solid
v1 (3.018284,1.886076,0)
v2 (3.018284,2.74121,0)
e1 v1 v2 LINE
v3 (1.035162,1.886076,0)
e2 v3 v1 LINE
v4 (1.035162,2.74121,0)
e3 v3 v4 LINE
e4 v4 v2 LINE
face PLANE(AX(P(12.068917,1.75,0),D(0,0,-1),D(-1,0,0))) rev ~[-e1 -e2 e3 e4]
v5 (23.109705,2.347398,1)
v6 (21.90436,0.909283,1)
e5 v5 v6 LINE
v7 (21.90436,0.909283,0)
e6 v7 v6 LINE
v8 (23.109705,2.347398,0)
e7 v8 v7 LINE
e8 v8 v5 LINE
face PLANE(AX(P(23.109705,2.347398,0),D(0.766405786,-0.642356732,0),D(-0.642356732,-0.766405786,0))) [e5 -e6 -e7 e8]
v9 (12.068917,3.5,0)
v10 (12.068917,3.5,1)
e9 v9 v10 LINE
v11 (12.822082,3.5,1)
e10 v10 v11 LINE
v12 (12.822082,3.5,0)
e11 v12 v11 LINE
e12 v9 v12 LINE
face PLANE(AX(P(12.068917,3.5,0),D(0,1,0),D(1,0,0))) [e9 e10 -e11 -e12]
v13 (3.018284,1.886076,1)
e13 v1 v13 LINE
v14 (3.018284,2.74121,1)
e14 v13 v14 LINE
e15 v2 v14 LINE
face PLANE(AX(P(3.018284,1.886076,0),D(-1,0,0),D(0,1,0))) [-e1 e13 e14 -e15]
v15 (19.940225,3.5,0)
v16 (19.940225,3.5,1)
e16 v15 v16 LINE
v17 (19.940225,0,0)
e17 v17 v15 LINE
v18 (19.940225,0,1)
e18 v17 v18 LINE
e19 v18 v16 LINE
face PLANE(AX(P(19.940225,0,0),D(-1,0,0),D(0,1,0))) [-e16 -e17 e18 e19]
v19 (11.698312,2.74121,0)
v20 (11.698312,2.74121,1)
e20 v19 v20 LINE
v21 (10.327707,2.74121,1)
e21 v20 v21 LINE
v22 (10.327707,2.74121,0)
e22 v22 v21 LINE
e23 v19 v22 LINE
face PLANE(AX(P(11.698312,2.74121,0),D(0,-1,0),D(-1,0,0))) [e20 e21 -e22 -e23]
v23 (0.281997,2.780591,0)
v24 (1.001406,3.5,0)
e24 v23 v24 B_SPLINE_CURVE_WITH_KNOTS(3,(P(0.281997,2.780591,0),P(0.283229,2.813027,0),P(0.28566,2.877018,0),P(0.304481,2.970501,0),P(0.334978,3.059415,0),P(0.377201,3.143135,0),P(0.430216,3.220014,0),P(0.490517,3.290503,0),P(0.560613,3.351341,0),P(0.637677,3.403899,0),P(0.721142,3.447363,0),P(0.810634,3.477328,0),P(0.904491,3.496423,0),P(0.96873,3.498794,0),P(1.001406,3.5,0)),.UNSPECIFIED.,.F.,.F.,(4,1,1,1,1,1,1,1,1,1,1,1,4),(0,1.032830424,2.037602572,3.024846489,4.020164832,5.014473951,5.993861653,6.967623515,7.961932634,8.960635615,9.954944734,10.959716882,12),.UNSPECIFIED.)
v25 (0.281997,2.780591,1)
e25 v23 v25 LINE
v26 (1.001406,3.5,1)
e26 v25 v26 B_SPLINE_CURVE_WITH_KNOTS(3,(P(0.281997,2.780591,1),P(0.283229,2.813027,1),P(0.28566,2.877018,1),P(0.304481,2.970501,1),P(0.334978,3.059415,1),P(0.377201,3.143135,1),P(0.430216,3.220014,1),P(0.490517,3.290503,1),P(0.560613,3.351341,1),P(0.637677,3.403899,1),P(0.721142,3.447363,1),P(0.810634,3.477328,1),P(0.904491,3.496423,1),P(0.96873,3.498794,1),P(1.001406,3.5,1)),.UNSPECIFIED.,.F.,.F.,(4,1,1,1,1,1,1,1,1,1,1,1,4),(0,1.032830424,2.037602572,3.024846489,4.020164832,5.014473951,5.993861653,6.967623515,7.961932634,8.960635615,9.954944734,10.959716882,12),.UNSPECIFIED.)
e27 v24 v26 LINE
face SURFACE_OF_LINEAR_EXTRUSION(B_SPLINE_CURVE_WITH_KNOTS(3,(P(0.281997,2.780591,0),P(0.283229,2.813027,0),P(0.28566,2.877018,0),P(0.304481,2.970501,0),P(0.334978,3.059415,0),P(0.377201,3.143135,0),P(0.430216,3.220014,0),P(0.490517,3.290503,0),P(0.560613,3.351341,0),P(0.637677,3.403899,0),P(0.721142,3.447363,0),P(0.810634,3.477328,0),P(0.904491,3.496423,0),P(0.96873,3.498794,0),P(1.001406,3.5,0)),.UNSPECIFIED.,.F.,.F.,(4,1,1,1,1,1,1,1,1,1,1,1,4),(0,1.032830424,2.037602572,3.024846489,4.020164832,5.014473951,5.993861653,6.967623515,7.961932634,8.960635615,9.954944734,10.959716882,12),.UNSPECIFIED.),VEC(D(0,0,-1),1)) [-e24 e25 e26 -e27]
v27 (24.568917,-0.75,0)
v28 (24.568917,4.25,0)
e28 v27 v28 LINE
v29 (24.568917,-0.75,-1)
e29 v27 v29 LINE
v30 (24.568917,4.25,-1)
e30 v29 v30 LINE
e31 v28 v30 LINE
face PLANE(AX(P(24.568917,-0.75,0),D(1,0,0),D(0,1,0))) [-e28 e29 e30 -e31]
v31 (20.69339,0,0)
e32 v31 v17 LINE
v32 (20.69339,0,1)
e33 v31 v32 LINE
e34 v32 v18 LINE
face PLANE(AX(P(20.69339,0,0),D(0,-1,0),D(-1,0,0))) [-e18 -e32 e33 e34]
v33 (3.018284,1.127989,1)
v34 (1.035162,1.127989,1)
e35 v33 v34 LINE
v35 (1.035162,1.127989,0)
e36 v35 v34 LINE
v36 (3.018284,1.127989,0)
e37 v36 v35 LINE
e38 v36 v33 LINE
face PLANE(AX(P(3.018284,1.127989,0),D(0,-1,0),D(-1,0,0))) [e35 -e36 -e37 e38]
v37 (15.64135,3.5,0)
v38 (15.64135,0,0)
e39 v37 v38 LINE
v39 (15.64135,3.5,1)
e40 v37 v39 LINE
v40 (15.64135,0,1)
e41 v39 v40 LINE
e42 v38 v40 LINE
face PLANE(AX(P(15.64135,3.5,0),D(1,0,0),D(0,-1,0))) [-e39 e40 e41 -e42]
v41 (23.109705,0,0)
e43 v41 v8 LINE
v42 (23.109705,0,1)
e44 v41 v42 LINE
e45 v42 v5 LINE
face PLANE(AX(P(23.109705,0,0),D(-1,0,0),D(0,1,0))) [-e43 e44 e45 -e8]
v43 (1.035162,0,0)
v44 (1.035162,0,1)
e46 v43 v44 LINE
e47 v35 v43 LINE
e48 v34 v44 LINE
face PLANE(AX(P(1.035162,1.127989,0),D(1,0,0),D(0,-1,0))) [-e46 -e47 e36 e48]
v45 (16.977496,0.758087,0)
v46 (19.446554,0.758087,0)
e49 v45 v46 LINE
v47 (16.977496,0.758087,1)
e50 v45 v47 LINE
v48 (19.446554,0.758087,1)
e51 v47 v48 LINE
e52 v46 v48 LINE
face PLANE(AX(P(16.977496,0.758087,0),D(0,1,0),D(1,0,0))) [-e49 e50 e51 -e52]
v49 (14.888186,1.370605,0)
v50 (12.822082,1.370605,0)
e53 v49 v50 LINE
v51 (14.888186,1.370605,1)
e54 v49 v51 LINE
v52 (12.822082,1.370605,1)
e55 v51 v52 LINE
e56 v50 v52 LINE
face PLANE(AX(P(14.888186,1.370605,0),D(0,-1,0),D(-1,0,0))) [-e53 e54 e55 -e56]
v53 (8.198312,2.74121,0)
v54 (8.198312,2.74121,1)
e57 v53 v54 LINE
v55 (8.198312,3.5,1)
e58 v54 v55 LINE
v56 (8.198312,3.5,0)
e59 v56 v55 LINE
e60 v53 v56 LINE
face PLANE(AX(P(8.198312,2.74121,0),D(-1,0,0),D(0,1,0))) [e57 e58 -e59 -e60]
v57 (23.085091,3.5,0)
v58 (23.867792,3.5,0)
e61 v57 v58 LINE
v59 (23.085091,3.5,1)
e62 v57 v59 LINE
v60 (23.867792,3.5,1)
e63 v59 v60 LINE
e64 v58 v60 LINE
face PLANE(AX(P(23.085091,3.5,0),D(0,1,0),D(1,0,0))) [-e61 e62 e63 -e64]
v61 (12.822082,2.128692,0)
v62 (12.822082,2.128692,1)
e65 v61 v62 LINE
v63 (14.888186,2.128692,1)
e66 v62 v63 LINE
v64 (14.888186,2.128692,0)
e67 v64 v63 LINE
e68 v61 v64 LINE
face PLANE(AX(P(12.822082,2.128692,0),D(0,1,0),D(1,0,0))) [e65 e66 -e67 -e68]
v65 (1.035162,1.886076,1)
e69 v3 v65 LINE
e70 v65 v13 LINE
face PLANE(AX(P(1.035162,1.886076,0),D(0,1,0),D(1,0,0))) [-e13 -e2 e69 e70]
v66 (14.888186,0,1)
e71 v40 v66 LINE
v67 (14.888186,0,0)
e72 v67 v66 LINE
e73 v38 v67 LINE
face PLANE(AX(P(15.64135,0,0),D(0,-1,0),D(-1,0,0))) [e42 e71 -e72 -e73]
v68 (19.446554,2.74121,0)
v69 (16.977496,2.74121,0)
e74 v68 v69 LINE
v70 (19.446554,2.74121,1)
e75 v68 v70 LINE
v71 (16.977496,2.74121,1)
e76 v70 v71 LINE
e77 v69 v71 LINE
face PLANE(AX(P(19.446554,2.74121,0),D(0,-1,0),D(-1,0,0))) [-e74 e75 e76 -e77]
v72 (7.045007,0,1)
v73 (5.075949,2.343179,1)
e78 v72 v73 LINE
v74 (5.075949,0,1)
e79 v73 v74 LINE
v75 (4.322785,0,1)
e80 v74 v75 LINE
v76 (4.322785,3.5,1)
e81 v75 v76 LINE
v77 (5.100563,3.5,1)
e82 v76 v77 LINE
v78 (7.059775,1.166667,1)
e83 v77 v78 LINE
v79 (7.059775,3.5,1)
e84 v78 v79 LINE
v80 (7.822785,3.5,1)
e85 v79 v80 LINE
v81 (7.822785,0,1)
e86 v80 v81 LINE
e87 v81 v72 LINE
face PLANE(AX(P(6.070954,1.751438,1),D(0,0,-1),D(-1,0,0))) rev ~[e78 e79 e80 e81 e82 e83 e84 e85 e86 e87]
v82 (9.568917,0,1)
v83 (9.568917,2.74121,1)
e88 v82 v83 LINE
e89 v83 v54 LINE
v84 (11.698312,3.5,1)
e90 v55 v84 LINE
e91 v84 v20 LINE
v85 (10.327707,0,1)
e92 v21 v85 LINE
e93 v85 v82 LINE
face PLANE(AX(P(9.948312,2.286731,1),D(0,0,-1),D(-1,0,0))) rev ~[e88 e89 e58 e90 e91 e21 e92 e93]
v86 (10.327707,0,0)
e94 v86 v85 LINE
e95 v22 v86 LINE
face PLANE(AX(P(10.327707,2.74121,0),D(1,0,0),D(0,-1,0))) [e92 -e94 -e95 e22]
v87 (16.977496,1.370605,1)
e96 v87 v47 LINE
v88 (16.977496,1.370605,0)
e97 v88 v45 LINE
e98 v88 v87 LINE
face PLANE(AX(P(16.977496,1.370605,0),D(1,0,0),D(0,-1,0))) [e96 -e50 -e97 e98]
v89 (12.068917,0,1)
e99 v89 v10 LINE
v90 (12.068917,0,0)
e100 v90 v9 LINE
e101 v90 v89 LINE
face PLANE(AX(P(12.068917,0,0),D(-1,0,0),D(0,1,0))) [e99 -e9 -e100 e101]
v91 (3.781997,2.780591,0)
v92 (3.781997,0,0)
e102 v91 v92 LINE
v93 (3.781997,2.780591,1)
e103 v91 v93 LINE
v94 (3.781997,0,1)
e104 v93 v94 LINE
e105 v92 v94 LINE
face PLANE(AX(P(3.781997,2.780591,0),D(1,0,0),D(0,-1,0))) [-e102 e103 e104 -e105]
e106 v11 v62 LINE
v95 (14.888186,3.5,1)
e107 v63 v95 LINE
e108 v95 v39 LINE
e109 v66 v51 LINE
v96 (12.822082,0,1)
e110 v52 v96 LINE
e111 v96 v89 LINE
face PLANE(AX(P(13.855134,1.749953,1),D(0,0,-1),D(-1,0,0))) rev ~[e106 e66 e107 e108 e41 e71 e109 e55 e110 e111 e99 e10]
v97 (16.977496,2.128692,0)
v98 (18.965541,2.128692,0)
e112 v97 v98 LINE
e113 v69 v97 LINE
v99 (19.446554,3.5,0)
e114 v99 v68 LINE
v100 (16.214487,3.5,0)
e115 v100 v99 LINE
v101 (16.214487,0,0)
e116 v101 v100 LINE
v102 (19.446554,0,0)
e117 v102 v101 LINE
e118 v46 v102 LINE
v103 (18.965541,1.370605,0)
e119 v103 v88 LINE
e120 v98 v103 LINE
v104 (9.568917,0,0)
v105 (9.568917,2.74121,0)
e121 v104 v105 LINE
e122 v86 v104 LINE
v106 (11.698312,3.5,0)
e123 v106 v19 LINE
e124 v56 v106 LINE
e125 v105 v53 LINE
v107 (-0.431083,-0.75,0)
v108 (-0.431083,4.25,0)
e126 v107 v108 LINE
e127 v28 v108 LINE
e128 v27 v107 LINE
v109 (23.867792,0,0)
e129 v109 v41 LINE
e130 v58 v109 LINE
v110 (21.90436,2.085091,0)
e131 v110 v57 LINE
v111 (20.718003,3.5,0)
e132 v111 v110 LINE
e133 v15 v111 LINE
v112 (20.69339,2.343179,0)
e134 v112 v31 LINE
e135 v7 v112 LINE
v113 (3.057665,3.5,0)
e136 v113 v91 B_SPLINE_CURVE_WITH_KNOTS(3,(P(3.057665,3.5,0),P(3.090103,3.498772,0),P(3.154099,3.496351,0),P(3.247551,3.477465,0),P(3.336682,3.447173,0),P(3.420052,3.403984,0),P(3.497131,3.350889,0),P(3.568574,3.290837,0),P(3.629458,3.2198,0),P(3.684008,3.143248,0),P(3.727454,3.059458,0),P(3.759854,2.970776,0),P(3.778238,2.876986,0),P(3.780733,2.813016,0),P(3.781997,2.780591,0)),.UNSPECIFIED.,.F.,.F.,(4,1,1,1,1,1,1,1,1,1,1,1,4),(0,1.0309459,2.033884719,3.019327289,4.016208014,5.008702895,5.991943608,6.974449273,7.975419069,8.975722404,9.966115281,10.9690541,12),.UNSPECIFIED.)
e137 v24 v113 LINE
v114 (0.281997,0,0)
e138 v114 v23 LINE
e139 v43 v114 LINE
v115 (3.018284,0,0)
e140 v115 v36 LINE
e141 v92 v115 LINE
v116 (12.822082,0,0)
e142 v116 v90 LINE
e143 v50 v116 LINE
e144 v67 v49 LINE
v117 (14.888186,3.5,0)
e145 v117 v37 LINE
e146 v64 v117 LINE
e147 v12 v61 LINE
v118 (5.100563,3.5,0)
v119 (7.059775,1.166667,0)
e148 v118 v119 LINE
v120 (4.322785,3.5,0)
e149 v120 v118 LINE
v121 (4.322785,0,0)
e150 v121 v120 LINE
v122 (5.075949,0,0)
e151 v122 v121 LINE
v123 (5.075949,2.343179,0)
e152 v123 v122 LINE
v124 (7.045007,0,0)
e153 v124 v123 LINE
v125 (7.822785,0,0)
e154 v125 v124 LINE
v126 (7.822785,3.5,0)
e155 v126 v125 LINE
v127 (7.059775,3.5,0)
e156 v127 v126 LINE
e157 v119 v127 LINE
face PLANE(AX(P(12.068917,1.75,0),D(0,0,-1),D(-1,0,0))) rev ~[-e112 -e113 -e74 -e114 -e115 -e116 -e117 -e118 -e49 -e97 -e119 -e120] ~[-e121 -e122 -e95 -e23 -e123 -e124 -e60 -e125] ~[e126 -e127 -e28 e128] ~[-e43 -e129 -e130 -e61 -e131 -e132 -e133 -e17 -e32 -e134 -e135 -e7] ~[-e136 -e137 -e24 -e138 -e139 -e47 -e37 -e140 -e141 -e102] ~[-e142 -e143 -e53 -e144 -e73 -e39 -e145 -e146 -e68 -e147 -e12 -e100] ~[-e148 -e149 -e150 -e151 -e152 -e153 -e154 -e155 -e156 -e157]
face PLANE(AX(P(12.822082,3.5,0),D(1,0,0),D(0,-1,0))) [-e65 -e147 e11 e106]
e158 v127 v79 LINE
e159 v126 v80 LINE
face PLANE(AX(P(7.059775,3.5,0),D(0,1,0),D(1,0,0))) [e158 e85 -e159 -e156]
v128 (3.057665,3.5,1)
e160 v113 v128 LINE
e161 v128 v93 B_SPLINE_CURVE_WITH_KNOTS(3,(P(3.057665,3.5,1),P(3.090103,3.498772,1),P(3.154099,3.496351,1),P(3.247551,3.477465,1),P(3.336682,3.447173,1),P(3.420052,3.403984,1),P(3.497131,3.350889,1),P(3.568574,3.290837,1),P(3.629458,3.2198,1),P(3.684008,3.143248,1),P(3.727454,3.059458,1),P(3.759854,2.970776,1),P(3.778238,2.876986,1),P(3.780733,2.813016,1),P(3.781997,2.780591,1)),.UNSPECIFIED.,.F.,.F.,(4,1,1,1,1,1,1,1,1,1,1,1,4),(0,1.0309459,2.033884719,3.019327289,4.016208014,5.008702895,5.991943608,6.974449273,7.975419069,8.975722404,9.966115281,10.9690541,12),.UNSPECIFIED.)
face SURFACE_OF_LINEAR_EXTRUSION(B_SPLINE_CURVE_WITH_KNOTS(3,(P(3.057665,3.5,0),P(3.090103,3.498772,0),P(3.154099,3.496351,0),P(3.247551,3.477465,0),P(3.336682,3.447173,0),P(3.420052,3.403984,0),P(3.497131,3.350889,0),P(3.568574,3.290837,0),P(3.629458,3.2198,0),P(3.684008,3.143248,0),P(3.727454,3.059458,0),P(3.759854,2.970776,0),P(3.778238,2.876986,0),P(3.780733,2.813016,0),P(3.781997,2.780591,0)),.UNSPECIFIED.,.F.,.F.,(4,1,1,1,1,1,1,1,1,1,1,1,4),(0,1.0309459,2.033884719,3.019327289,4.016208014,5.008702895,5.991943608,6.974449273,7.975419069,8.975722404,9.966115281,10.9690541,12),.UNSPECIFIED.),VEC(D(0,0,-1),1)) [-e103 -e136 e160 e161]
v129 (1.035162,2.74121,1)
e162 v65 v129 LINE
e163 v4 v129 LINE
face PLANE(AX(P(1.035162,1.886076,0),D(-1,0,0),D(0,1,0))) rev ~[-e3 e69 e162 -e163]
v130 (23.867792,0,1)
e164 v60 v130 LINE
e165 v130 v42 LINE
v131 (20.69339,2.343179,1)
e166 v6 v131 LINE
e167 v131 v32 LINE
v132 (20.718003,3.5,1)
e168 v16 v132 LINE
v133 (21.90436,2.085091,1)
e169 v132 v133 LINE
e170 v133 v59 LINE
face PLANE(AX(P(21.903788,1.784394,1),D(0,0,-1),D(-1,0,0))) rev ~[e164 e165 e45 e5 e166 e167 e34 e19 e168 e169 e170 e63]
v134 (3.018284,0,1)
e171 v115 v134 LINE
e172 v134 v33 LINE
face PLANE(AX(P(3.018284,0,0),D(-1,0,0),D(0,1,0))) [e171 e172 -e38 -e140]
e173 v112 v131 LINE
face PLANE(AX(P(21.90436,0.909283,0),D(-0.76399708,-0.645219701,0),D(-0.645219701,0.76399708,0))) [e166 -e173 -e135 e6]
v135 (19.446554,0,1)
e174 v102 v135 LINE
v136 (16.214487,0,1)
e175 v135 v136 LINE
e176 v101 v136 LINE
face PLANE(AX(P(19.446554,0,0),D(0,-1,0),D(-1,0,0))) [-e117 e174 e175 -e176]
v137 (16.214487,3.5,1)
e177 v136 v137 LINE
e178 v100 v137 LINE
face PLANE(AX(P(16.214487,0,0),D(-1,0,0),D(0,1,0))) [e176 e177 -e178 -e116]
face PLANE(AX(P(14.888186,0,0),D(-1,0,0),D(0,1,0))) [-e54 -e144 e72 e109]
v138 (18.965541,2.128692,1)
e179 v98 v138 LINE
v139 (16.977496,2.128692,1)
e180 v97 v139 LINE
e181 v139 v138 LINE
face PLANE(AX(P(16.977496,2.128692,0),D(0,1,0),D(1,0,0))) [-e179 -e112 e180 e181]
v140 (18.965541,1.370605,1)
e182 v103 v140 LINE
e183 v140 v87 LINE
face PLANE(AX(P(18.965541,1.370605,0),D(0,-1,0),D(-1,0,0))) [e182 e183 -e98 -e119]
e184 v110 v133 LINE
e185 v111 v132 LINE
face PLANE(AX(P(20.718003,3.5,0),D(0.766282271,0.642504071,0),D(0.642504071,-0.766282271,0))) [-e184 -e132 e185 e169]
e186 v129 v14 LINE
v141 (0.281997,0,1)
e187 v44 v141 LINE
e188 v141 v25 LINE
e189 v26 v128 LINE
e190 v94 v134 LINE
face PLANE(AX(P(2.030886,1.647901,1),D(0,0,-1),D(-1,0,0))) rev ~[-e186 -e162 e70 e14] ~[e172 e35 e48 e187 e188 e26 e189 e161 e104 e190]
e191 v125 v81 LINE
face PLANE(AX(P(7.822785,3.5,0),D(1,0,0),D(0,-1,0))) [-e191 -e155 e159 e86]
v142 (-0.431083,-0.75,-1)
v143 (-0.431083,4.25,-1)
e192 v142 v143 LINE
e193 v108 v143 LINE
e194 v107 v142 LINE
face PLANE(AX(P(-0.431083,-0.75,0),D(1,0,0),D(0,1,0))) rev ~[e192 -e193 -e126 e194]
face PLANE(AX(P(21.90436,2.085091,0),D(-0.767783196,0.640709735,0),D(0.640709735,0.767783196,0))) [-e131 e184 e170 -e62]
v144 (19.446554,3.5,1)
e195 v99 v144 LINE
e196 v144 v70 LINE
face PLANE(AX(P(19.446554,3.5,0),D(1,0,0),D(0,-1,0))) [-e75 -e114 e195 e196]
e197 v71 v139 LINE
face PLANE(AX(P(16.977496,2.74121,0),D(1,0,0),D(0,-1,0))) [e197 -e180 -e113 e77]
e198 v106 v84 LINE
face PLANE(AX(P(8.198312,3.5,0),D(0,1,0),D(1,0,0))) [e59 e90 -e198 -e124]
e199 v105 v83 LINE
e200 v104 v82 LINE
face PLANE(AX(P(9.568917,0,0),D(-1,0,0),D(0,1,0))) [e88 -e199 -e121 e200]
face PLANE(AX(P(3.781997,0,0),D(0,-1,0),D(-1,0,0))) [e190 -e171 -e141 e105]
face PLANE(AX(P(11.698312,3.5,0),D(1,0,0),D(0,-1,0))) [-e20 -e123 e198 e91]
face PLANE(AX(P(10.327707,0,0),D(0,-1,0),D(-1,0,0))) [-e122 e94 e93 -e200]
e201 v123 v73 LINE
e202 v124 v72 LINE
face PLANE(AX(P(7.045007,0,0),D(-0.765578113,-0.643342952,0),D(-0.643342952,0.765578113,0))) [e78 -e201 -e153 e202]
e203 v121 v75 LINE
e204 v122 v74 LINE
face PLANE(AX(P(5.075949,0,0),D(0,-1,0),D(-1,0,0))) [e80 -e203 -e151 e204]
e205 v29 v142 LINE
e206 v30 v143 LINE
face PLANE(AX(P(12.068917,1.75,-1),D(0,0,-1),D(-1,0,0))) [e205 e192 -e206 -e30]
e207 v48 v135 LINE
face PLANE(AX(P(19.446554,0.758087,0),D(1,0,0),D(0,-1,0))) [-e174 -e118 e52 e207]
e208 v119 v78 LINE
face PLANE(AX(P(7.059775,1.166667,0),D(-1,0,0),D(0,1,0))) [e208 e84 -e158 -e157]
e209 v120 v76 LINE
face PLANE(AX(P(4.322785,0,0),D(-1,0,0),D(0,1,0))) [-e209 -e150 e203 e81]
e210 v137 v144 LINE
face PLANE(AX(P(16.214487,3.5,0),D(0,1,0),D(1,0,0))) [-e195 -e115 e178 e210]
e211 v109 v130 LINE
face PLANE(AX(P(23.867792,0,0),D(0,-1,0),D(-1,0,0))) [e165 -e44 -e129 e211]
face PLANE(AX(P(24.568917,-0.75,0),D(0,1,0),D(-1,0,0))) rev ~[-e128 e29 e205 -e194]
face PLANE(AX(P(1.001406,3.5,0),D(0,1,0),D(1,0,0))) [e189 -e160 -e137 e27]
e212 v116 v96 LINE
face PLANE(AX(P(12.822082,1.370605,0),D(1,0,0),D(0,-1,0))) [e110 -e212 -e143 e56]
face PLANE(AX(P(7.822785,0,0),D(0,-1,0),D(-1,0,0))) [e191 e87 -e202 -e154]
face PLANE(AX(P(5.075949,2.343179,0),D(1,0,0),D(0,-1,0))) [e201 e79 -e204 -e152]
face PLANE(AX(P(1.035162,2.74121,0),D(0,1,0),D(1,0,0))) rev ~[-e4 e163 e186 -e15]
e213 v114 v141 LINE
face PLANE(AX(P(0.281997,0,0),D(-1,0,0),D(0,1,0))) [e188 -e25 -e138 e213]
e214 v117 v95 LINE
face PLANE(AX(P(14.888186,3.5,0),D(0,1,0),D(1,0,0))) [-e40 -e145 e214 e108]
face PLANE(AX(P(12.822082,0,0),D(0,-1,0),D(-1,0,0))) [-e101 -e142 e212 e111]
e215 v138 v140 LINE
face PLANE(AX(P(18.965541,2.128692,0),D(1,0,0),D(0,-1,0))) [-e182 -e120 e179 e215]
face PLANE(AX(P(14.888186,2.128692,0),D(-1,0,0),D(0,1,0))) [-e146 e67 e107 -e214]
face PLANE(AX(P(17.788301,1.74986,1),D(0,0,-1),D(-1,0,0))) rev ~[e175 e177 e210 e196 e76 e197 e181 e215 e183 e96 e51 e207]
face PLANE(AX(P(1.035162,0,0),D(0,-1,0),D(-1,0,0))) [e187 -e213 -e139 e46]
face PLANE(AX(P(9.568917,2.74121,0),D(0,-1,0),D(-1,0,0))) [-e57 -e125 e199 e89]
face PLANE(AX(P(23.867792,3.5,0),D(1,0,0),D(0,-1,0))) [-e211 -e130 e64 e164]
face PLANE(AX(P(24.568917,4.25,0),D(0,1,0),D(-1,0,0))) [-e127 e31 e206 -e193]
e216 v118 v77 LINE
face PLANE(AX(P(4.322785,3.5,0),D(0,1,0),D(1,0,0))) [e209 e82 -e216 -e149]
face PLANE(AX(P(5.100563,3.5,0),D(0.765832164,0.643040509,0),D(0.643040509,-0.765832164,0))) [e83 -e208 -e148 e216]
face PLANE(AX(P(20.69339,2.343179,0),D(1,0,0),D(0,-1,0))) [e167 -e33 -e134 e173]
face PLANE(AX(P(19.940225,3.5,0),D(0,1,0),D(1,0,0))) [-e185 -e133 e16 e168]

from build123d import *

# Parameters (mm, degrees)
SKETCH1_W             = 1.983122363
SKETCH1_H             = 0.855133615
BOSS_EXTRUDE1_DEPTH   = 1
BOSS_EXTRUDE1_2_DEPTH = 1
BOSS_EXTRUDE1_3_DEPTH = 1
BOSS_EXTRUDE1_4_DEPTH = 1
BOSS_EXTRUDE1_5_DEPTH = 1
BOSS_EXTRUDE1_6_DEPTH = 1
SKETCH2_W             = 25
SKETCH2_H             = 5
BOSS_EXTRUDE2_DEPTH   = 1


with BuildPart() as part:
    # Sketch1 → Boss-Extrude1 (new body)
    with BuildSketch(Plane.XY):
        with BuildLine():
            Line((0.281997187, 0), (0.281997187, 2.780590717))
            add(Edge.make_bspline(
                [(0.281997187, 2.780590717), (0.283229244, 2.813026758), (0.285659888, 2.87701767), (0.304480904, 2.970500865), (0.334977853, 3.059415163), (0.377200617, 3.143135369), (0.43021619, 3.220013944), (0.490517367, 3.290502947), (0.560613021, 3.351341498), (0.637677118, 3.403898535), (0.721142214, 3.447362774), (0.810633683, 3.477327555), (0.904491397, 3.4964233), (0.968729628, 3.498794045), (1.00140647, 3.5)],
                knots=[0, 0, 0, 0, 1.032830424, 2.037602572, 3.024846489, 4.020164832, 5.014473951, 5.993861653, 6.967623515, 7.961932634, 8.960635615, 9.954944734, 10.959716882, 12, 12, 12, 12], degree=3))
            Line((1.00140647, 3.5), (3.05766526, 3.5))
            add(Edge.make_bspline(
                [(3.05766526, 3.5), (3.090103466, 3.498772386), (3.154098648, 3.496350507), (3.247550665, 3.477465492), (3.336681955, 3.447172624), (3.420051858, 3.403984292), (3.497130942, 3.350888644), (3.568573893, 3.290836996), (3.629457878, 3.219800158), (3.684008122, 3.143247784), (3.727453764, 3.059458406), (3.75985444, 2.970775725), (3.778237993, 2.876986116), (3.780732672, 2.813016144), (3.781997187, 2.780590717)],
                knots=[0, 0, 0, 0, 1.0309459, 2.033884719, 3.019327289, 4.016208014, 5.008702895, 5.991943608, 6.974449273, 7.975419069, 8.975722404, 9.966115281, 10.9690541, 12, 12, 12, 12], degree=3))
            Line((3.781997187, 2.780590717), (3.781997187, 0))
            Line((3.781997187, 0), (3.018284107, 0))
            Line((3.018284107, 0), (3.018284107, 1.127988748))
            Line((3.018284107, 1.127988748), (1.035161744, 1.127988748))
            Line((1.035161744, 1.127988748), (1.035161744, 0))
            Line((1.035161744, 0), (0.281997187, 0))
        make_face()
        with Locations((2.026722926, 2.313642757)):
            Rectangle(SKETCH1_W, SKETCH1_H, mode=Mode.SUBTRACT)
    extrude(amount=BOSS_EXTRUDE1_DEPTH)



with BuildPart() as body_2:
    # Sketch1 → Boss-Extrude1 2 (new body)
    with BuildSketch(Plane.XY):
        Polygon((4.32278481, 0), (4.32278481, 3.5), (5.100562588, 3.5), (7.059774965, 1.166666667), (7.059774965, 3.5), (7.82278481, 3.5), (7.82278481, 0), (7.045007032, 0), (5.075949367, 2.343178622), (5.075949367, 0), align=None)
    extrude(amount=BOSS_EXTRUDE1_2_DEPTH)


with BuildPart() as body_3:
    # Sketch1 → Boss-Extrude1 3 (new body)
    with BuildSketch(Plane.XY):
        Polygon((9.568917018, 0), (9.568917018, 2.741209564), (8.198312236, 2.741209564), (8.198312236, 3.5), (11.698312236, 3.5), (11.698312236, 2.741209564), (10.327707454, 2.741209564), (10.327707454, 0), align=None)
    extrude(amount=BOSS_EXTRUDE1_3_DEPTH)


with BuildPart() as body_4:
    # Sketch1 → Boss-Extrude1 4 (new body)
    with BuildSketch(Plane.XY):
        Polygon((12.068917018, 0), (12.068917018, 3.5), (12.822081575, 3.5), (12.822081575, 2.128691983), (14.888185654, 2.128691983), (14.888185654, 3.5), (15.641350211, 3.5), (15.641350211, 0), (14.888185654, 0), (14.888185654, 1.370604782), (12.822081575, 1.370604782), (12.822081575, 0), align=None)
    extrude(amount=BOSS_EXTRUDE1_4_DEPTH)


with BuildPart() as body_5:
    # Sketch1 → Boss-Extrude1 5 (new body)
    with BuildSketch(Plane.XY):
        Polygon((16.214486639, 0), (16.214486639, 3.5), (19.446554149, 3.5), (19.446554149, 2.741209564), (16.977496484, 2.741209564), (16.977496484, 2.128691983), (18.965541491, 2.128691983), (18.965541491, 1.370604782), (16.977496484, 1.370604782), (16.977496484, 0.758087201), (19.446554149, 0.758087201), (19.446554149, 0), align=None)
    extrude(amount=BOSS_EXTRUDE1_5_DEPTH)


with BuildPart() as body_6:
    # Sketch1 → Boss-Extrude1 6 (new body)
    with BuildSketch(Plane.XY):
        Polygon((19.940225035, 0), (19.940225035, 3.5), (20.718002813, 3.5), (21.904360056, 2.085091421), (23.085091421, 3.5), (23.867791842, 3.5), (23.867791842, 0), (23.109704641, 0), (23.109704641, 2.347398031), (21.904360056, 0.9092827), (20.693389592, 2.343178622), (20.693389592, 0), align=None)
    extrude(amount=BOSS_EXTRUDE1_6_DEPTH)


with BuildPart() as part_1:
    add(part.part)

    add(body_2.part)  # Boss-Extrude2 merges body 2

    add(body_3.part)  # Boss-Extrude2 merges body 3

    add(body_4.part)  # Boss-Extrude2 merges body 4

    add(body_5.part)  # Boss-Extrude2 merges body 5

    add(body_6.part)  # Boss-Extrude2 merges body 6
    # Sketch2 → Boss-Extrude2 (add)
    with BuildSketch(Plane(origin=(0, 0, 0), x_dir=(-1, 0, 0), z_dir=(0, 0, -1))):
        with Locations((-12.068917018, 1.75)):
            Rectangle(SKETCH2_W, SKETCH2_H)
    extrude(amount=BOSS_EXTRUDE2_DEPTH)


solid = part_1.part
